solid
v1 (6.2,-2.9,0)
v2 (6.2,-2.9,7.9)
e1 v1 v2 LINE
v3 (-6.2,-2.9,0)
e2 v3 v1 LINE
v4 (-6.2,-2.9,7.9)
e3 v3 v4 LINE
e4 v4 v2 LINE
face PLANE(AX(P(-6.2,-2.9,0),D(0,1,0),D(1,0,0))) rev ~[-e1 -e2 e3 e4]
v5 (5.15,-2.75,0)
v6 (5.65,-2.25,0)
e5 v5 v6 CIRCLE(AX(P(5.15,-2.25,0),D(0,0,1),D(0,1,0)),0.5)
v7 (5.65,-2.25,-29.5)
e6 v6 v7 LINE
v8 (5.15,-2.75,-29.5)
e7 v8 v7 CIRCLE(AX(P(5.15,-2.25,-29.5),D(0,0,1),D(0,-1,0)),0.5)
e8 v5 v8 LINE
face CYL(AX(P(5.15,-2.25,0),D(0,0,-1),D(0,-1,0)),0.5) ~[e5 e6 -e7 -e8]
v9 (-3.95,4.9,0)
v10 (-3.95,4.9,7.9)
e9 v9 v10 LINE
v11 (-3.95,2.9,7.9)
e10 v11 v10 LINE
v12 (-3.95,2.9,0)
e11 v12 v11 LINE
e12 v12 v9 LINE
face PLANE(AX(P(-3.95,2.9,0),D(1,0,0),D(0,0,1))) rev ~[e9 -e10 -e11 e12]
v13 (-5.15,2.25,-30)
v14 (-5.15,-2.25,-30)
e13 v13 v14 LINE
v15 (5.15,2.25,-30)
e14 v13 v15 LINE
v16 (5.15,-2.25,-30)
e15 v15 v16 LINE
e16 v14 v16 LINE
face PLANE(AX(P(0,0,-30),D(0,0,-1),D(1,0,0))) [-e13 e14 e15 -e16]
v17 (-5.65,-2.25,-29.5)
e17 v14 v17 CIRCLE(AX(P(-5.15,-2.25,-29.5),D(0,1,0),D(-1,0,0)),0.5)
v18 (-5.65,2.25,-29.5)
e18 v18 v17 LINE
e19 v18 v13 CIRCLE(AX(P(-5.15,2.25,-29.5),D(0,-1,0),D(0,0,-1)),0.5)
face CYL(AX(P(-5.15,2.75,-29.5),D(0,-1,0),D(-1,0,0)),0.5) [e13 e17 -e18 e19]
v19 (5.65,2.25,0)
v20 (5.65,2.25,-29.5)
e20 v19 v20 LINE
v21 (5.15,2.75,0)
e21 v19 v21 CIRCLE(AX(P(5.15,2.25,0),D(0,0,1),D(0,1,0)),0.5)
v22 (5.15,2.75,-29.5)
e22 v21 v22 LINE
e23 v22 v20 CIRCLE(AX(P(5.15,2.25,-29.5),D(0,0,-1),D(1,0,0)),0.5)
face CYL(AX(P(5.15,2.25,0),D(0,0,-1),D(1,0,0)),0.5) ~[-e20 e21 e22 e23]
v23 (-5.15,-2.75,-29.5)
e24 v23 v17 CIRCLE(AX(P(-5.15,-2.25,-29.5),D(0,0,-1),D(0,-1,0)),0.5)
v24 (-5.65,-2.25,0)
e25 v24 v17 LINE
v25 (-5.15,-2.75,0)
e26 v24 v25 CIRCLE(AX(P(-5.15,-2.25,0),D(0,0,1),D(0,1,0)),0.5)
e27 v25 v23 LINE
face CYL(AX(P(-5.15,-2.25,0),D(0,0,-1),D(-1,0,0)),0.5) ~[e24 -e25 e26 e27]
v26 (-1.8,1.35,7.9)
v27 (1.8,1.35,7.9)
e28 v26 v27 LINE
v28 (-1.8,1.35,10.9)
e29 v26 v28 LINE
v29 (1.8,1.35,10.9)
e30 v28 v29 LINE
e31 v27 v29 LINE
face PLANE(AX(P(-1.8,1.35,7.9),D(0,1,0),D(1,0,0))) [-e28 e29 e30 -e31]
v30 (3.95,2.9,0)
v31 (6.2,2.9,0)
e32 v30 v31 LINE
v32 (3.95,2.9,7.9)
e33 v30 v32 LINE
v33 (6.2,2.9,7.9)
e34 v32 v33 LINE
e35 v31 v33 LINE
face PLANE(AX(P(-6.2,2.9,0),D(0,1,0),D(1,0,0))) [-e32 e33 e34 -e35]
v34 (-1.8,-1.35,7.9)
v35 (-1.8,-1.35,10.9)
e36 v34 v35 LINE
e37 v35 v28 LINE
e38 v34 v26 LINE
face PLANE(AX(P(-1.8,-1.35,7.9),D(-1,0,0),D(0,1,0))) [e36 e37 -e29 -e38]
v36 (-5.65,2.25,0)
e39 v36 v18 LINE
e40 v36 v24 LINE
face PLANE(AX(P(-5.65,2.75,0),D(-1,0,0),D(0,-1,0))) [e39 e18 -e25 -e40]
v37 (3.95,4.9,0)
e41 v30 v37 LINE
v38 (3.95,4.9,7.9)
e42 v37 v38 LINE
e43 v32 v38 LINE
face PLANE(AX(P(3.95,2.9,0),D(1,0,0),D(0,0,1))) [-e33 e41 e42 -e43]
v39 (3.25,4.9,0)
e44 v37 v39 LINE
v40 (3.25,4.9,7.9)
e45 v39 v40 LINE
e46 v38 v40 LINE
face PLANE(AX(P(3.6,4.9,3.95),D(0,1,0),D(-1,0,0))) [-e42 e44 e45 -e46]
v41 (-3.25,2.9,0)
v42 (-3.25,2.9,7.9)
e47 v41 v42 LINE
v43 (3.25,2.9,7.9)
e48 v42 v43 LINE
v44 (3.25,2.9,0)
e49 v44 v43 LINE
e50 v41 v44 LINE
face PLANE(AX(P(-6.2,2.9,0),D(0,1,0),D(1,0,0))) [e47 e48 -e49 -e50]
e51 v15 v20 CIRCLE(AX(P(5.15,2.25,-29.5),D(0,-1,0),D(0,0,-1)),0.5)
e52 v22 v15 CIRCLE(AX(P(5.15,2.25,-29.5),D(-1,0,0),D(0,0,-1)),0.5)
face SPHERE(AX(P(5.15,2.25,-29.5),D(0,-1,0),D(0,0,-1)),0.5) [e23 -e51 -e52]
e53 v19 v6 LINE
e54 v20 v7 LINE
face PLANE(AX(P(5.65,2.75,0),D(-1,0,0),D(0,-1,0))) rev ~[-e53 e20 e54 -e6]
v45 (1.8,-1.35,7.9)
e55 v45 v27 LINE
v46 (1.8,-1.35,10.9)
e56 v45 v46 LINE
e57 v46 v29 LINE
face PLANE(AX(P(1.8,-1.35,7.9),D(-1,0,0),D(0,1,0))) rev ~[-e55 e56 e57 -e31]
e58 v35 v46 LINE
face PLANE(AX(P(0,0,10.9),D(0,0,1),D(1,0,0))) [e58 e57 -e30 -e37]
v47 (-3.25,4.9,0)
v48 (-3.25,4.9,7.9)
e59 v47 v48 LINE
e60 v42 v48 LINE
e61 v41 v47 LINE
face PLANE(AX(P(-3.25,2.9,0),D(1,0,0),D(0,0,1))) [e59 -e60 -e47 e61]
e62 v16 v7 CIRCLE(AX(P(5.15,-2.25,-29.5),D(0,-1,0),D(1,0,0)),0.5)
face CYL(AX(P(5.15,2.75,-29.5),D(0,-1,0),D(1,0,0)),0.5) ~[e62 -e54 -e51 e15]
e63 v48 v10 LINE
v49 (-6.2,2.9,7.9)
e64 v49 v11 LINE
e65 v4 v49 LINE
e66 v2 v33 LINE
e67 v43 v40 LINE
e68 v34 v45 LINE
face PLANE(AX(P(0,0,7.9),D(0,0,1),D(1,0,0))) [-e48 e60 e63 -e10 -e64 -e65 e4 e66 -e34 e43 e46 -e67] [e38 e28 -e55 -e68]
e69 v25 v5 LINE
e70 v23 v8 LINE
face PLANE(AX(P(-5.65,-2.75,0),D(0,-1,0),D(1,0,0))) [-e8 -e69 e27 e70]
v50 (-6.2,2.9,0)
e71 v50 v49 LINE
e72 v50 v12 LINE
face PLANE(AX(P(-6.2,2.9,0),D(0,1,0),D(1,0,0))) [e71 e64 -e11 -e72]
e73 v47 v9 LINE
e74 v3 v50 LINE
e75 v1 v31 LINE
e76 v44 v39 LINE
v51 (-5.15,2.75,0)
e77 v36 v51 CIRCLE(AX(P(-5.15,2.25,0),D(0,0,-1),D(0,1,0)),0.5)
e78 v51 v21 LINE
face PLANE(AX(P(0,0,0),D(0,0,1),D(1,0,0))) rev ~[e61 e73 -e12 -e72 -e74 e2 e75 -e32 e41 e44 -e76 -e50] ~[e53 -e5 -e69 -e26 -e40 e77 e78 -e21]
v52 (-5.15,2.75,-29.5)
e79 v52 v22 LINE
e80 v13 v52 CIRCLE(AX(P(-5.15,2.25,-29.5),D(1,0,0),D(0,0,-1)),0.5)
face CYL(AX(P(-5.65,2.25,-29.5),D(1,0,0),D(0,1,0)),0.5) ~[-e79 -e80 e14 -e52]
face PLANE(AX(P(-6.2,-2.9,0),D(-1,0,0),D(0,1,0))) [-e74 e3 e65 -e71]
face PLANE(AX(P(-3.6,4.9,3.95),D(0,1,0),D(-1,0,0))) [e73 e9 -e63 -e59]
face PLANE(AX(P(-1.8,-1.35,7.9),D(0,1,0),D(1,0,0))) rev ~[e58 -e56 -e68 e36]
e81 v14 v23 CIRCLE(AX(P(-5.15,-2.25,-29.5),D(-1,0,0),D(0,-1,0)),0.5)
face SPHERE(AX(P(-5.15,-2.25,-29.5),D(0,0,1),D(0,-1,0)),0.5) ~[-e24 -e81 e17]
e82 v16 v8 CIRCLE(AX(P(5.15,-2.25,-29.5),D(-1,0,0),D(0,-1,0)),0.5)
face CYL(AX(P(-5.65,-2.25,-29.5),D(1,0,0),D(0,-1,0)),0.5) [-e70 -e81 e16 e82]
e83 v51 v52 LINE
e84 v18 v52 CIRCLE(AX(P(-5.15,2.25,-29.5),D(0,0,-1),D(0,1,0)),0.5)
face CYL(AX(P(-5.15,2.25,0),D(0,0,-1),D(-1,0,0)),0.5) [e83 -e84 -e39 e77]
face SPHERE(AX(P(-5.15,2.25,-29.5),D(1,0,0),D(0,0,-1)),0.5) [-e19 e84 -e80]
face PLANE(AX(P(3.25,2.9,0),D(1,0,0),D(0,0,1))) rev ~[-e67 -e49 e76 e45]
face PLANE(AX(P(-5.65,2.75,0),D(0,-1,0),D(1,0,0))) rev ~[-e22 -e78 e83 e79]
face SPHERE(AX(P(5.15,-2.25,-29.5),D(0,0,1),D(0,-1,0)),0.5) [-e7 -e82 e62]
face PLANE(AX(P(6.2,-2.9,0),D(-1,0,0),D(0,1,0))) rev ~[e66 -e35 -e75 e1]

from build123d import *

# Parameters (mm, degrees)
F0_W     = 12.4
F0_H     = 5.8
F1_DEPTH = 7.9
F2_W     = 11.3
F2_H     = 5.5
F3_DEPTH = 30
F4_R     = 0.5
F5_W     = 3.6
F5_H     = 2.7
F6_DEPTH = 3
F7_W     = 0.7
F7_H     = 7.9
F8_DEPTH = 2


with BuildPart() as f1:
    # F0 (on Top) → F1 (new body)
    with BuildSketch(Plane.XY):
        Rectangle(F0_W, F0_H)
    extrude(amount=F1_DEPTH)

    # F2 (on face) → F3 (join)
    with BuildSketch(Plane(origin=(0, 0, 0), x_dir=(1, 0, 0), z_dir=(0, 0, -1))):
        Rectangle(F2_W, F2_H)
    extrude(amount=F3_DEPTH)

    # F4
    f4_edges = [f1.edges().sort_by_distance(p)[0] for p in [
        (-5.65, -2.75, -15),
        (5.65, -2.75, -15),
        (0, -2.75, -30),
        (5.65, 0, -30),
        (0, 2.75, -30),
        (-5.65, 0, -30),
        (5.65, 2.75, -15),
        (-5.65, 2.75, -15),
    ]]
    fillet(f4_edges, radius=F4_R)

    # F5 (on face) → F6 (join)
    with BuildSketch(Plane.XY.offset(7.9)):
        Rectangle(F5_W, F5_H)
    extrude(amount=F6_DEPTH)

    # F7 (on face) → F8 (join)
    with BuildSketch(Plane(origin=(0, 2.9, 0), x_dir=(-1, 0, 0), z_dir=(0, 1, 0))):
        with Locations((3.6, 3.95)):
            Rectangle(F7_W, F7_H)
        with Locations((-3.6, 3.95)):
            Rectangle(F7_W, F7_H)
    extrude(amount=F8_DEPTH)


solid = f1.part
